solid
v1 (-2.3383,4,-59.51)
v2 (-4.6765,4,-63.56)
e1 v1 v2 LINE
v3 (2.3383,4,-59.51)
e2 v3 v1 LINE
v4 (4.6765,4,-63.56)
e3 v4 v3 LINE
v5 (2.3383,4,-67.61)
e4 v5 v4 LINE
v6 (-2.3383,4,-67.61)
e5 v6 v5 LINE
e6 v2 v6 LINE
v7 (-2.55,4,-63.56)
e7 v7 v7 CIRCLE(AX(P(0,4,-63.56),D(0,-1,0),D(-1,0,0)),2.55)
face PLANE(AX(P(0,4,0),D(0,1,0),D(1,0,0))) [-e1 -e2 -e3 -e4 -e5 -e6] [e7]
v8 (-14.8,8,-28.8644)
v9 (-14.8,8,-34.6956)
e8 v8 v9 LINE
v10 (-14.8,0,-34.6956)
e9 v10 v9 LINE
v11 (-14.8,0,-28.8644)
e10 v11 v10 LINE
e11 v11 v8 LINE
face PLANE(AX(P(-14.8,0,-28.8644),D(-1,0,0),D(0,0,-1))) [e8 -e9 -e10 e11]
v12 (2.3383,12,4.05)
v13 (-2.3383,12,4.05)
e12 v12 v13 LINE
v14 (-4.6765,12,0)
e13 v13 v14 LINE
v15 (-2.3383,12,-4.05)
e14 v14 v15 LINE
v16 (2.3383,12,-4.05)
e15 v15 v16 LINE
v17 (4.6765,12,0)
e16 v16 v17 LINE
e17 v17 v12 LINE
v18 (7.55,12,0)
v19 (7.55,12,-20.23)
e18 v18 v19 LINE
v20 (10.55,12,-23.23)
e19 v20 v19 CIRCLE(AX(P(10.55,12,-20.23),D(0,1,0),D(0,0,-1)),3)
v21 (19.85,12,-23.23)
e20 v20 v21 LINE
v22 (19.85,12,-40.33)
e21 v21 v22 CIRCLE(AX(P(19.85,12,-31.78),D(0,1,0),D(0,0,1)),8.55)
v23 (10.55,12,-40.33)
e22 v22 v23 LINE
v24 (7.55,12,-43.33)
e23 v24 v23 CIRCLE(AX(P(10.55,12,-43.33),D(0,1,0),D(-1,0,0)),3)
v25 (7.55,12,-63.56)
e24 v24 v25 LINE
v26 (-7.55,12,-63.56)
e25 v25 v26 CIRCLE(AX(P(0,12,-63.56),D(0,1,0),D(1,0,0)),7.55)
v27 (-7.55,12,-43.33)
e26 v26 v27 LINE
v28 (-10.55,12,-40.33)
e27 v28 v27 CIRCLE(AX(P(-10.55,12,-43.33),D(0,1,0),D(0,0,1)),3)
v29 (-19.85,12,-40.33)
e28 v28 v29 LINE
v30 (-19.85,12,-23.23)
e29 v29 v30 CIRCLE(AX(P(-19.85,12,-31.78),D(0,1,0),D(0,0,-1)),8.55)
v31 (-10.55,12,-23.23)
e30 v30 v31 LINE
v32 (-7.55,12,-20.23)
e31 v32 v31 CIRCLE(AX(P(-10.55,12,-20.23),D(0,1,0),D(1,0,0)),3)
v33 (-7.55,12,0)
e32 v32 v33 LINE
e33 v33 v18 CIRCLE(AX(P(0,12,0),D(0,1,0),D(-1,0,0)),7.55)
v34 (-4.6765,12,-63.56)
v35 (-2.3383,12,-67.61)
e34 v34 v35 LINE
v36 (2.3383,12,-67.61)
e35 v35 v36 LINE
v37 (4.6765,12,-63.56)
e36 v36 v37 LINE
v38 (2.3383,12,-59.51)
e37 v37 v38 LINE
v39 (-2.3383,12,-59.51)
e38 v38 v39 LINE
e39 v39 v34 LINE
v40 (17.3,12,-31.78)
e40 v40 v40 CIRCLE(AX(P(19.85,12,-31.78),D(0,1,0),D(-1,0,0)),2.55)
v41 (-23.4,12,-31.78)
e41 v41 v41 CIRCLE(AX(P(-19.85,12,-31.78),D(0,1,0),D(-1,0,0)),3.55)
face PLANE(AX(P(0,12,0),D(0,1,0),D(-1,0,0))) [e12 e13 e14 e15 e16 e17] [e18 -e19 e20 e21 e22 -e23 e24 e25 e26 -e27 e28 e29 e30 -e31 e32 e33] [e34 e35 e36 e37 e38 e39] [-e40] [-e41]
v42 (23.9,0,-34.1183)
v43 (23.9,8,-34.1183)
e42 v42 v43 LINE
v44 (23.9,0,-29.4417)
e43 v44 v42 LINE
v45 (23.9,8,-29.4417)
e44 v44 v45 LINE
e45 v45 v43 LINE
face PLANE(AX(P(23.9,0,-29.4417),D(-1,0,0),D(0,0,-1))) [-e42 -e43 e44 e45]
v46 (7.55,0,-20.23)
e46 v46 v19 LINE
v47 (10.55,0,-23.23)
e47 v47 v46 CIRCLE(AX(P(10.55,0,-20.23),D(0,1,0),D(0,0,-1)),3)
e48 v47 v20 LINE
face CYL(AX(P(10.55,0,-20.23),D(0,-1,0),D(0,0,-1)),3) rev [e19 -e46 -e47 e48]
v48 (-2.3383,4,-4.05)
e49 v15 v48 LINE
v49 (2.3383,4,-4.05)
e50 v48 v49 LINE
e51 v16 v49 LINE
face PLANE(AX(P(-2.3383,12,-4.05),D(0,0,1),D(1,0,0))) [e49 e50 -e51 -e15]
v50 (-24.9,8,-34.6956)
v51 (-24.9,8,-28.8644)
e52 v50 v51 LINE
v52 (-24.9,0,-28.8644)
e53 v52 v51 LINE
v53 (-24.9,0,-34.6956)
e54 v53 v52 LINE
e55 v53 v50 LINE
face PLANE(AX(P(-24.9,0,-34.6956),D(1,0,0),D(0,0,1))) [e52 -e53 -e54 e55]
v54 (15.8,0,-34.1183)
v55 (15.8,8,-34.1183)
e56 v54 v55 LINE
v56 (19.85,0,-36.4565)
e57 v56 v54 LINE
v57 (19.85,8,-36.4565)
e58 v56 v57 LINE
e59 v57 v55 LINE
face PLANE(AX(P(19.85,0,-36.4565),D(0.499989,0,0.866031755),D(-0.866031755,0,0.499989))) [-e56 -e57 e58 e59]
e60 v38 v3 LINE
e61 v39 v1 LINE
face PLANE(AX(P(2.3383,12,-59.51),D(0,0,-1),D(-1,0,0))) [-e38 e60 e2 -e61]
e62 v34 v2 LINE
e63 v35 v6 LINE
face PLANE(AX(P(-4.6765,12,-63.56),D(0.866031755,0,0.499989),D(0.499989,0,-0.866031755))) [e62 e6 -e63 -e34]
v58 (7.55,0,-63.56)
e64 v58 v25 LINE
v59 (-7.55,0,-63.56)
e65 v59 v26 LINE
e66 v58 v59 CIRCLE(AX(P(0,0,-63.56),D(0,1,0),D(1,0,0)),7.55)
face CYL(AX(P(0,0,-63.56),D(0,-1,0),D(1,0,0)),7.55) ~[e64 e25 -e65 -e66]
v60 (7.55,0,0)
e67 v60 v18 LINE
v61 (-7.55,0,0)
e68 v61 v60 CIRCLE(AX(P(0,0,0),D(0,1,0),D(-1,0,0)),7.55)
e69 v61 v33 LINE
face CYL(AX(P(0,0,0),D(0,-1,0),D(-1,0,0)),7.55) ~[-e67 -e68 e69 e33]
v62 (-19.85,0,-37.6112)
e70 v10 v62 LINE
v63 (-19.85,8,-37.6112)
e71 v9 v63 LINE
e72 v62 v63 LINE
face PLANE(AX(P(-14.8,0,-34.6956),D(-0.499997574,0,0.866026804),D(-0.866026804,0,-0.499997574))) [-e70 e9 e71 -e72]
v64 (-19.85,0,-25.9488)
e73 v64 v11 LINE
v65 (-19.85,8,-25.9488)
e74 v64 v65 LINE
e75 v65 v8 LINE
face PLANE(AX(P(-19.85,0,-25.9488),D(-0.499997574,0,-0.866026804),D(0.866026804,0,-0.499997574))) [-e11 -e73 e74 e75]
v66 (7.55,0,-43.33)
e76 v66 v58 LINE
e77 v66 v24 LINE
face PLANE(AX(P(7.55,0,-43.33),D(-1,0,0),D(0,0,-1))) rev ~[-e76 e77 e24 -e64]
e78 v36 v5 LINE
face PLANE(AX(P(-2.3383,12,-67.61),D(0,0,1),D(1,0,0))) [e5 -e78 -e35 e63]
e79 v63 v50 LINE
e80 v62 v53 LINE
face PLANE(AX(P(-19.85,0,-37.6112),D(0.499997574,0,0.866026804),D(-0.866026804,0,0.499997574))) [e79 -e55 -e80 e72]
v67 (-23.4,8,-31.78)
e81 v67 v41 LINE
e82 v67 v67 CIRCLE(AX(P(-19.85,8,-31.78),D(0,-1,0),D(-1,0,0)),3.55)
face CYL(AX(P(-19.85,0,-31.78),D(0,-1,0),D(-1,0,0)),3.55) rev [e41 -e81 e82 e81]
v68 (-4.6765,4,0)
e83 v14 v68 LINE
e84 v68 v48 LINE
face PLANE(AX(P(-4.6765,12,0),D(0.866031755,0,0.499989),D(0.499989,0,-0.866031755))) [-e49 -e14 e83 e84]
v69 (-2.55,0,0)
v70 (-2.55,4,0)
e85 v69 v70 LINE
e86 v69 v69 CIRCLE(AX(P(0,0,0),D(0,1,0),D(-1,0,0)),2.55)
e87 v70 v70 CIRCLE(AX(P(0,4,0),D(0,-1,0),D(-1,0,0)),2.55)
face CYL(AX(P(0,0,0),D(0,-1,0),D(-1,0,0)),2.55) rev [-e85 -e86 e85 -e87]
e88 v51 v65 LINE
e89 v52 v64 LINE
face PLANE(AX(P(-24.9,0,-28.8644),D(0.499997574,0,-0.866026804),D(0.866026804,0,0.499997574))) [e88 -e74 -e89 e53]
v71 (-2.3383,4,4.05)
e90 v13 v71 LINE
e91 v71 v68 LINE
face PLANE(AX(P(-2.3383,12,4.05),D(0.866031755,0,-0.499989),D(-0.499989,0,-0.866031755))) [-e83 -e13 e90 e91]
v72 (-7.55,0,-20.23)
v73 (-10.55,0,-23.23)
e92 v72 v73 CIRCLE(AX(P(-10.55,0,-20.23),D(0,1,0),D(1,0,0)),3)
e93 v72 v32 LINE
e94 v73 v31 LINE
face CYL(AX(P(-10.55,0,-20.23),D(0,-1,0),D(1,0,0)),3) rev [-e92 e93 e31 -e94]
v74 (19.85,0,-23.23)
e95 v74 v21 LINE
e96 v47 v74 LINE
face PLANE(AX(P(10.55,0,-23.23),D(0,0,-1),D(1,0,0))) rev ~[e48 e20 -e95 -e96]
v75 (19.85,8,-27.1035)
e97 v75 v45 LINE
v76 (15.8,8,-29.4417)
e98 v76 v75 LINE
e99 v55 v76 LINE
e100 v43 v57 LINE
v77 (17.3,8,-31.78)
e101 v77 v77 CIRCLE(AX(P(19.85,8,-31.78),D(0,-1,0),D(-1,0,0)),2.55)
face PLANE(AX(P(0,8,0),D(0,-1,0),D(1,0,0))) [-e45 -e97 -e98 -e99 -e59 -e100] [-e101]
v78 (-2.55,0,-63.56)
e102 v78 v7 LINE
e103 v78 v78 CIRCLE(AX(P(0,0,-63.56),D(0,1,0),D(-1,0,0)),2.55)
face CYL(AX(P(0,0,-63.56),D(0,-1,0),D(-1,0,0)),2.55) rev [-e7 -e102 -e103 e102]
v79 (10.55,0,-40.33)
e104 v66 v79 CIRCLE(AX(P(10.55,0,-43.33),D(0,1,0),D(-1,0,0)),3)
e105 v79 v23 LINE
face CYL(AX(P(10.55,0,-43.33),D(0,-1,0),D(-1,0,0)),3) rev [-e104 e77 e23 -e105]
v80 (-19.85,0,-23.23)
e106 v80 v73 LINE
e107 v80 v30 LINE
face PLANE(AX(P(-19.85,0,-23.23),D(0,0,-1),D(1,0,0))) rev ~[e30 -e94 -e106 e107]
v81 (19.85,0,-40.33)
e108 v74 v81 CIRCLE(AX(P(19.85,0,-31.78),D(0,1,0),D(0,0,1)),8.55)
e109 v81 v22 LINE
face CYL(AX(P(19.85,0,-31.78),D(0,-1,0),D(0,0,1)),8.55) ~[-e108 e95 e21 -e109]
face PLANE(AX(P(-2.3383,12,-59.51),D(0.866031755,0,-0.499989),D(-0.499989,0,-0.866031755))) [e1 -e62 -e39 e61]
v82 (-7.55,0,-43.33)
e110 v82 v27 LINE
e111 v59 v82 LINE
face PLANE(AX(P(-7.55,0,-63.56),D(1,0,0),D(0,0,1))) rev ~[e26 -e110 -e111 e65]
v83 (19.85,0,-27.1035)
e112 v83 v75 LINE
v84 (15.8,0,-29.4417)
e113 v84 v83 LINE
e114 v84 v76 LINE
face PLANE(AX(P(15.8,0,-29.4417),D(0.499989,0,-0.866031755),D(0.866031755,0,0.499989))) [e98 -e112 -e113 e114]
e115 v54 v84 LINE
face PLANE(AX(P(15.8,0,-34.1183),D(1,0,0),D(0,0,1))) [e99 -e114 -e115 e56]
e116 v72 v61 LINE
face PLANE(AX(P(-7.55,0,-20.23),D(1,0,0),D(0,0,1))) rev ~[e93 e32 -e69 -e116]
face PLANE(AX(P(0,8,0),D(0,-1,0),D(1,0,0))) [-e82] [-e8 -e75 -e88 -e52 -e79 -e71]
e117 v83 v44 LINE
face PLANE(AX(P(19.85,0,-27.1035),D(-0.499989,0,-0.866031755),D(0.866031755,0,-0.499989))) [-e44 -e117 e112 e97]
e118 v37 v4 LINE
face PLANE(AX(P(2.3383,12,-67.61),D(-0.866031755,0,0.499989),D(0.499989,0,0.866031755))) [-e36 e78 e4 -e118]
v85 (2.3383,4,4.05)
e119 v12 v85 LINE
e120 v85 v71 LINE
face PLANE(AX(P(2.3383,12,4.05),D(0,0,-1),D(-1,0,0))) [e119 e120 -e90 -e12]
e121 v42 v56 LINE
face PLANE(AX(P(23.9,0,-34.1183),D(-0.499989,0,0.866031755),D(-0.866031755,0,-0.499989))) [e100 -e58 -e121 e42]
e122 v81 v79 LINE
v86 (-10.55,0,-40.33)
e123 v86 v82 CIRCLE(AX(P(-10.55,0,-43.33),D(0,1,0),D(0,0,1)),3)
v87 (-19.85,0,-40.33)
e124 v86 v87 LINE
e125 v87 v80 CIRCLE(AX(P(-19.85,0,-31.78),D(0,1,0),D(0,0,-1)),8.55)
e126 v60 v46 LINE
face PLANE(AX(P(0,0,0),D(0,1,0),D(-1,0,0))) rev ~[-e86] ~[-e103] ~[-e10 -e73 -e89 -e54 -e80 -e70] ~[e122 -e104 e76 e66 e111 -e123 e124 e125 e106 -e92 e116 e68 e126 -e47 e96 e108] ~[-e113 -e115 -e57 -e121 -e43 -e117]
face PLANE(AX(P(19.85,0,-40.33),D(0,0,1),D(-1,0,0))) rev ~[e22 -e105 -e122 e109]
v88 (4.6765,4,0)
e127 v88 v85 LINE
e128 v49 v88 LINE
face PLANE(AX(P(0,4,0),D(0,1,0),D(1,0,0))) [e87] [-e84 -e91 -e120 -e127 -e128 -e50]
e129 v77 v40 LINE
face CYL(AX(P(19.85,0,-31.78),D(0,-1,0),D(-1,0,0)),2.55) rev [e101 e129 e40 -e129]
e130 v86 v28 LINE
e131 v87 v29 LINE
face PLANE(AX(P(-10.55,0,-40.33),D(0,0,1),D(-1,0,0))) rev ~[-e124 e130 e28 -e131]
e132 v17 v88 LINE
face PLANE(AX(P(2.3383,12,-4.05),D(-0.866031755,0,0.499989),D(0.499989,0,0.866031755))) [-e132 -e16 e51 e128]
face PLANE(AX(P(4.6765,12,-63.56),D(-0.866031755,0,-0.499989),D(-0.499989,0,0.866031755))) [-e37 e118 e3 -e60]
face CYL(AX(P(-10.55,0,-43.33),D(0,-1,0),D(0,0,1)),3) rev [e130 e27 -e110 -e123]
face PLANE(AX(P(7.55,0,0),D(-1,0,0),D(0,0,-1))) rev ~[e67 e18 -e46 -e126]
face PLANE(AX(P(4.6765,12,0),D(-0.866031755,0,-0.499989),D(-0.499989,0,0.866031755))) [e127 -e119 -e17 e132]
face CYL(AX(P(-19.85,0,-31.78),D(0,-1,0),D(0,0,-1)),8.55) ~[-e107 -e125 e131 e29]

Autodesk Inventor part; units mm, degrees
ref_plane "YZ Plane" through (0, 0, 0) normal (1, 0, 0) x (0, 1, 0)
ref_plane "XZ Plane" through (0, 0, 0) normal (0, 1, 0) x (-1, 0, 0)
ref_plane "XY Plane" through (0, 0, 0) normal (0, 0, 1) x (1, 0, 0)
sketch "Sketch1" plane through (0, 0, 0) normal (0, 1, 0) x (-1, 0, 0)
  circle A0 centre (0, 0) radius 2.55
  circle A1 centre (0, -63.56) radius 2.55
  line L0 (0, 0) -> (0, -63.56) construction
  line L1 (0, 0) -> (0, -63.56) construction
  line L2 (-7.55, 0) -> (-7.55, -20.23)
  line L3 (7.55, -63.56) -> (7.55, -43.33)
  arc A2 (7.55, 0) -> (-7.55, 0) centre (0, 0) ccw
  arc A3 (-7.55, -63.56) -> (7.55, -63.56) centre (0, -63.56) ccw
  line L4 (19.85, -31.78) -> (-19.85, -31.78) construction
  circle A4 centre (19.85, -31.78) radius 3.55
  circle A5 centre (-19.85, -31.78) radius 2.55
  line L5 (19.85, -31.78) -> (-19.85, -31.78) construction
  line L6 (19.85, -23.23) -> (10.55, -23.23)
  line L7 (-19.85, -40.33) -> (-10.55, -40.33)
  arc A6 (19.85, -40.33) -> (19.85, -23.23) centre (19.85, -31.78) ccw
  arc A7 (-19.85, -23.23) -> (-19.85, -40.33) centre (-19.85, -31.78) ccw
  line L8 (7.55, -40.33) -> (7.55, -23.23) construction
  line L9 (-7.55, -43.33) -> (-7.55, -63.56)
  line L10 (-7.55, -23.23) -> (-7.55, -40.33) construction
  line L11 (7.55, -20.23) -> (7.55, 0)
  line L12 (7.55, -23.23) -> (-7.55, -23.23) construction
  line L13 (-10.55, -23.23) -> (-19.85, -23.23)
  line L14 (10.55, -40.33) -> (19.85, -40.33)
  line L15 (-7.55, -40.33) -> (7.55, -40.33) construction
  arc A8 (7.55, -20.23) -> (10.55, -23.23) centre (10.55, -20.23) ccw
  arc A9 (-10.55, -23.23) -> (-7.55, -20.23) centre (-10.55, -20.23) ccw
  arc A10 (-7.55, -43.33) -> (-10.55, -40.33) centre (-10.55, -43.33) ccw
  arc A11 (10.55, -40.33) -> (7.55, -43.33) centre (10.55, -43.33) ccw
  point P0 (0, -31.78)
  point P1 (0, -31.78)
  point P2 (0, -31.78)
  dimension "d0" = 5.1
  dimension "d1" = 5.1
  dimension "d2" = 63.56
  dimension "d3" = 5
  dimension "d18" = 39.7
  dimension "d19" = 7.1
  dimension "d20" = 5.1
  dimension "d22" = 3
  dimension "d31" = 5
extrude "Extrusion1" add sketch "Sketch1" along normal blind 12
sketch "Sketch5" plane through (0, 12, 0) normal (0, 1, 0) x (1, 0, 0)
  line L0 (2.3383, 4.05) -> (4.6765, 0)
  line L1 (4.6765, 0) -> (2.3383, -4.05)
  line L2 (2.3383, -4.05) -> (-2.3383, -4.05)
  line L3 (-2.3383, -4.05) -> (-4.6765, 0)
  line L4 (-4.6765, 0) -> (-2.3383, 4.05)
  line L5 (-2.3383, 4.05) -> (2.3383, 4.05)
  circle A0 centre (0, 63.56) radius 2.55 projected
  line L6 (-2.3383, 59.51) -> (-4.6765, 63.56)
  line L7 (-4.6765, 63.56) -> (-2.3383, 67.61)
  line L8 (-2.3383, 67.61) -> (2.3383, 67.61)
  line L9 (2.3383, 67.61) -> (4.6765, 63.56)
  line L10 (4.6765, 63.56) -> (2.3383, 59.51)
  line L11 (2.3383, 59.51) -> (-2.3383, 59.51)
  point P0 (0, 0)
  point P1 (0, 0)
  dimension "d23" = 8.1
  dimension "d24" = 8.1
extrude "Extrusion4" cut sketch "Sketch5" against normal blind 8 contours L0 L1 L2 L3 L4 L5 | A0 | L6 L7 L8 L9 L10 L11
sketch "Sketch6" plane through (0, 0, 0) normal (0, -1, 0) x (1, 0, 0)
  circle A0 centre (-19.85, -31.78) radius 3.55 projected
  line L0 (-14.8, -28.8644) -> (-14.8, -34.6956)
  line L1 (-14.8, -34.6956) -> (-19.85, -37.6112)
  line L2 (-19.85, -37.6112) -> (-24.9, -34.6956)
  line L3 (-24.9, -34.6956) -> (-24.9, -28.8644)
  line L4 (-24.9, -28.8644) -> (-19.85, -25.9488)
  line L5 (-19.85, -25.9488) -> (-14.8, -28.8644)
  circle A1 centre (19.85, -31.78) radius 2.55 projected
  line L6 (15.8, -34.1183) -> (15.8, -29.4417)
  line L7 (15.8, -29.4417) -> (19.85, -27.1035)
  line L8 (19.85, -27.1035) -> (23.9, -29.4417)
  line L9 (23.9, -29.4417) -> (23.9, -34.1183)
  line L10 (23.9, -34.1183) -> (19.85, -36.4565)
  line L11 (19.85, -36.4565) -> (15.8, -34.1183)
  point P0 (0, 0)
  dimension "d27" = 10.1
  dimension "d28" = 8.1
extrude "Extrusion5" cut sketch "Sketch6" against normal blind 8
properties part number "Acoplador" material "ABS Plastic"
